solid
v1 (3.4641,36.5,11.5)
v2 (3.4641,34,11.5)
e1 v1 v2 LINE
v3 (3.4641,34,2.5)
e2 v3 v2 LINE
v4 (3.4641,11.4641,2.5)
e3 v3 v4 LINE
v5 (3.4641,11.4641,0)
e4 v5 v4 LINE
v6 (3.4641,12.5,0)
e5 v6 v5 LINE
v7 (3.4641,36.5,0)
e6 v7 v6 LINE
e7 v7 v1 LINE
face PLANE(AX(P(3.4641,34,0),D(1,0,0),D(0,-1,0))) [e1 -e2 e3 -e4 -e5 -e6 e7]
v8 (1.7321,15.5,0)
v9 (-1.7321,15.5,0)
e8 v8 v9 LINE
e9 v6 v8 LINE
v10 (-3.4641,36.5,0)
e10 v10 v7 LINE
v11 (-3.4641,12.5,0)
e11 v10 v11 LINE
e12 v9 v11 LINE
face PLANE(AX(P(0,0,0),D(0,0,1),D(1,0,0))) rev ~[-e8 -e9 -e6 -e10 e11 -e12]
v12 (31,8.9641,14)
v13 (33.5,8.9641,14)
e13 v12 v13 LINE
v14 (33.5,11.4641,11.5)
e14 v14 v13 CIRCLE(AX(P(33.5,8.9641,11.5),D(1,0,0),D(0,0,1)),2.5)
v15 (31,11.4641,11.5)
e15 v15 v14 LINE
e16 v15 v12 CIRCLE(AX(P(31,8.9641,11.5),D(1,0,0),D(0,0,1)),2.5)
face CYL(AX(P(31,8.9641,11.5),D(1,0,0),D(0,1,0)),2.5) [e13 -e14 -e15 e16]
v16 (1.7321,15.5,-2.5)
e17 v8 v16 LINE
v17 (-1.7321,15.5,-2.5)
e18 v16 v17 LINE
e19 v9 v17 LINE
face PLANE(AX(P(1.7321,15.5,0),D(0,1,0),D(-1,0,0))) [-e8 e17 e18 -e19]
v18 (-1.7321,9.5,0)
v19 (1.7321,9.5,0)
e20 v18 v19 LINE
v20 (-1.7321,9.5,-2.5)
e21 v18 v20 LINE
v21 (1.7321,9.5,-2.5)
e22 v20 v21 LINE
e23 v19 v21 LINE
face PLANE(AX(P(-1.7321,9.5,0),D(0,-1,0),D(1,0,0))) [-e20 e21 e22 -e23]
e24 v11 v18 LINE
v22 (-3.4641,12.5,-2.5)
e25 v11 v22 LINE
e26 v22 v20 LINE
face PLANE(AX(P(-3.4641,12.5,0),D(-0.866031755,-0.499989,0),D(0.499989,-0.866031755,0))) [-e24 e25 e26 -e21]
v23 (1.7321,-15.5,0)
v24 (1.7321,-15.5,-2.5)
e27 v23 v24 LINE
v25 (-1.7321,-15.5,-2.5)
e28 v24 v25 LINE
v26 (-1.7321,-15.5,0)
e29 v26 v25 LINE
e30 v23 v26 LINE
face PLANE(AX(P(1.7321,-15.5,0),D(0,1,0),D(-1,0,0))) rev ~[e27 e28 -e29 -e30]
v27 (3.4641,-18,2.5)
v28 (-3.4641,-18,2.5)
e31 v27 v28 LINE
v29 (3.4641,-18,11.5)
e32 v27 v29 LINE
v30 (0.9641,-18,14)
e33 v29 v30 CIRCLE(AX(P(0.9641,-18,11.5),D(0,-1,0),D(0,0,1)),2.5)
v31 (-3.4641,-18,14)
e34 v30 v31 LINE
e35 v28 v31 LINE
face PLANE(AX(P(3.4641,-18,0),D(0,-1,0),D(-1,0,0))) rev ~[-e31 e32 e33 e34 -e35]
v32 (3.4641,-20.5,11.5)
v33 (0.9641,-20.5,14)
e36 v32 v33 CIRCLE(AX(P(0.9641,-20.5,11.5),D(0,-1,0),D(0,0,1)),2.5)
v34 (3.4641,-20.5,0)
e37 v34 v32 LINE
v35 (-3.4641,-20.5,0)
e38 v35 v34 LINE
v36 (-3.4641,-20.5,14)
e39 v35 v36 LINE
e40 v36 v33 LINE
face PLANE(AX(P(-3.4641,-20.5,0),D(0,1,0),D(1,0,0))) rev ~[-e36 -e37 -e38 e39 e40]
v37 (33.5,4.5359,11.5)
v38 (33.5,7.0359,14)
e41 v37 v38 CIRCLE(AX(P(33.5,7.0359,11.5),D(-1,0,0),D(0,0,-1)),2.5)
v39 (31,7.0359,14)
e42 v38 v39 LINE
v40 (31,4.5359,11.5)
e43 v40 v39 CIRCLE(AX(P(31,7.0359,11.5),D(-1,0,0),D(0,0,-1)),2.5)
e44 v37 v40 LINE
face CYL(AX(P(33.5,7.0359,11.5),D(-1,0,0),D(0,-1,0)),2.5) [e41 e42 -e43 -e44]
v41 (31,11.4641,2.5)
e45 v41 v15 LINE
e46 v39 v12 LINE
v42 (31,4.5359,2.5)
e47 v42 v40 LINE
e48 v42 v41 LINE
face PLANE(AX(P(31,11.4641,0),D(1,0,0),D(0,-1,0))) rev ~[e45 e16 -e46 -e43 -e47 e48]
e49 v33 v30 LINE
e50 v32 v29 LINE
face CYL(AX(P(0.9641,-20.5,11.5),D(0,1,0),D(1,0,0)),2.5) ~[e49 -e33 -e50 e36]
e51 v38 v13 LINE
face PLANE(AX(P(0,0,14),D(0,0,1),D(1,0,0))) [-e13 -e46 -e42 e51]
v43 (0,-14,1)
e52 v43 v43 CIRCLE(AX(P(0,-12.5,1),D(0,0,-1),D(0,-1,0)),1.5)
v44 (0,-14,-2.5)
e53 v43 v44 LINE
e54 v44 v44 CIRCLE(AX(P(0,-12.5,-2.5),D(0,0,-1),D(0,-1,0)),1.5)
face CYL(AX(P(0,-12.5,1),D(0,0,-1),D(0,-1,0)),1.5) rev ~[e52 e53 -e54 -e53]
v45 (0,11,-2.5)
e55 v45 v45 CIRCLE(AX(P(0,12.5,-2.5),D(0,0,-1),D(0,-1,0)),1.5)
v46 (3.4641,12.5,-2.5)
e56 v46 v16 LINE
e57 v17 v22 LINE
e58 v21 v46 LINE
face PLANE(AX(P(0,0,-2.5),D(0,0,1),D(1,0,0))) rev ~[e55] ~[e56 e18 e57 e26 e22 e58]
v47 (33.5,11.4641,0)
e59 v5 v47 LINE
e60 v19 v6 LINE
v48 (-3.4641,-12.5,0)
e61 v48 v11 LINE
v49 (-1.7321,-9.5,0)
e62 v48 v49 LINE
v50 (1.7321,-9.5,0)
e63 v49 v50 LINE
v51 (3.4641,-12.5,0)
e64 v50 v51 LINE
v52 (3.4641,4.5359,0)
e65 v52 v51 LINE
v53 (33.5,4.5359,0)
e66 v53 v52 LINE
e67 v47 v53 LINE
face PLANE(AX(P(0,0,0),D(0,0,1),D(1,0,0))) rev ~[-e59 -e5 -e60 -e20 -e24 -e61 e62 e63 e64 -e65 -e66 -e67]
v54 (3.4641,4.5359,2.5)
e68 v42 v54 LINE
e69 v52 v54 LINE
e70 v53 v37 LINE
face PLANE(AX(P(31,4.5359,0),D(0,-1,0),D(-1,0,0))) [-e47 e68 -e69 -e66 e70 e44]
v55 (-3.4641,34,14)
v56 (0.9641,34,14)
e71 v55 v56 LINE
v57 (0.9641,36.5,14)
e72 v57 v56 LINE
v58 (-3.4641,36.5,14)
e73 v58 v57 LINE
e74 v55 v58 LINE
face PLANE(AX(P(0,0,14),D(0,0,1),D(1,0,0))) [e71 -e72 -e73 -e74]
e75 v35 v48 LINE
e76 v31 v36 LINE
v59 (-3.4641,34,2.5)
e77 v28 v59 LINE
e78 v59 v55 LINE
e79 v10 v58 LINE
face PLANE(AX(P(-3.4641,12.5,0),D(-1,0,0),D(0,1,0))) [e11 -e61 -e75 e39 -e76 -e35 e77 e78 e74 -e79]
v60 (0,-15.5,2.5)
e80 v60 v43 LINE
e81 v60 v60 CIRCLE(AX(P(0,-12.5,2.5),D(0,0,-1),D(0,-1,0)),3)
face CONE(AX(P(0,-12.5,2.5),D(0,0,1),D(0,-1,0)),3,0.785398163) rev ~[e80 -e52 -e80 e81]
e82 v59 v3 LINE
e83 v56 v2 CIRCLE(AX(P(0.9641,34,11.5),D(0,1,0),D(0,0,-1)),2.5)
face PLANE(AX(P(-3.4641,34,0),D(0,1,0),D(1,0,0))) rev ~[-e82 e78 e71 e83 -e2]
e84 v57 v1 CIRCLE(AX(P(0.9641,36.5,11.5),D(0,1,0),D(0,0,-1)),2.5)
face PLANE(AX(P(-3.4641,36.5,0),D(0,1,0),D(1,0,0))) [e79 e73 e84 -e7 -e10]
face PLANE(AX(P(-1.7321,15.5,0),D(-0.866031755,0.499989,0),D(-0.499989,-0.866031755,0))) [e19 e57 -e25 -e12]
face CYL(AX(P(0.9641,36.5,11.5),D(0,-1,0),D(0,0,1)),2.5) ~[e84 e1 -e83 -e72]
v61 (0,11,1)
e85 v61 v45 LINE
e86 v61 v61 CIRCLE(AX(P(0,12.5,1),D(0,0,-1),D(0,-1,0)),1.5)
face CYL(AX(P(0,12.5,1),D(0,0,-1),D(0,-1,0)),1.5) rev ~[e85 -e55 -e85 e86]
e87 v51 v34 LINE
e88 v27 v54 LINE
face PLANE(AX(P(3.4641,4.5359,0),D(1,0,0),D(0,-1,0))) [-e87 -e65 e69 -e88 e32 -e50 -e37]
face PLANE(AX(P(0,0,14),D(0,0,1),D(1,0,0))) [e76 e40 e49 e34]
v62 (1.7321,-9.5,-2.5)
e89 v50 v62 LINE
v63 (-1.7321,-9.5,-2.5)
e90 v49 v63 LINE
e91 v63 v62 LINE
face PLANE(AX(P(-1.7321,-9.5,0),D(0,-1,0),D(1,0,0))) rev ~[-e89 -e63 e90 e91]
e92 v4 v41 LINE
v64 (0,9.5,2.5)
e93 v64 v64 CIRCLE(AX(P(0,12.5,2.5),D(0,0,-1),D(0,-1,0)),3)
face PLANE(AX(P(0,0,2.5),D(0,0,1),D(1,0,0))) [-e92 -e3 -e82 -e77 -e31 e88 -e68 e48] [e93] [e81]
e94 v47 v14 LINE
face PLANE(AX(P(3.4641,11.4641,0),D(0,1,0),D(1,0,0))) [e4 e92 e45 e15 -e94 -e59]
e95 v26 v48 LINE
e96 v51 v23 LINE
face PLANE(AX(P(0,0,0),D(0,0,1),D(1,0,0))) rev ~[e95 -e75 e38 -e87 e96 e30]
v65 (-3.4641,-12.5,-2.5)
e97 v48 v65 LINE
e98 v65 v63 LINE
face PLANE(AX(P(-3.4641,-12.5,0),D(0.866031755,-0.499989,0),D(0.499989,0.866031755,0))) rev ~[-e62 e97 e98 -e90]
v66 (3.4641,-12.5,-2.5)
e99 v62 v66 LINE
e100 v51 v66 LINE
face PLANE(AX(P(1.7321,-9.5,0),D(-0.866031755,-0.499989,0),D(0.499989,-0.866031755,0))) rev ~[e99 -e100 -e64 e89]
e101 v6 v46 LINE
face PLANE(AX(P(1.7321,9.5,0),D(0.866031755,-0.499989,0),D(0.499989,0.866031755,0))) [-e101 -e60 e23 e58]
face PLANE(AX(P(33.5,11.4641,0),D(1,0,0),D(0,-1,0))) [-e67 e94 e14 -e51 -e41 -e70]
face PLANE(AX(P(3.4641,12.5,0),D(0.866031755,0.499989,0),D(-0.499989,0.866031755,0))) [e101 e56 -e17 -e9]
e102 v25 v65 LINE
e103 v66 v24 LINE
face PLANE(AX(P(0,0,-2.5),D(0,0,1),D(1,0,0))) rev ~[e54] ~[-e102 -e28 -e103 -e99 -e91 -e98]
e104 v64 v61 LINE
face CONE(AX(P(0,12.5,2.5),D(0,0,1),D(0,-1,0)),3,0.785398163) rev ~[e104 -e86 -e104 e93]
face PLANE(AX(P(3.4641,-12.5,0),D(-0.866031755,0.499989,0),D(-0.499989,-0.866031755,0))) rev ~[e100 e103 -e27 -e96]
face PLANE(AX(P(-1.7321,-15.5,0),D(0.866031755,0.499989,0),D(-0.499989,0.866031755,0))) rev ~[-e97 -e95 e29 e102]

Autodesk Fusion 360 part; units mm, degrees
sketch "スケッチ1" plane through (0, 0, 0) normal (0, 0, 1) x (1, 0, 0) in component "Component"
  line L0 (-3.4641, 12.5) -> (-1.7321, 9.5)
  line L1 (-1.7321, 9.5) -> (1.7321, 9.5)
  line L2 (1.7321, 9.5) -> (3.4641, 12.5)
  line L3 (3.4641, 12.5) -> (1.7321, 15.5)
  line L4 (1.7321, 15.5) -> (-1.7321, 15.5)
  line L5 (-1.7321, 15.5) -> (-3.4641, 12.5)
  line L6 (0, 150) -> (0, -150) construction
  line L7 (-100, 0) -> (234.7346, 0) construction
  line L8 (-3.4641, -12.5) -> (-1.7321, -9.5)
  line L9 (-1.7321, -9.5) -> (1.7321, -9.5)
  line L10 (3.4641, -12.5) -> (1.7321, -15.5)
  line L11 (-1.7321, -15.5) -> (-3.4641, -12.5)
  line L12 (1.7321, -9.5) -> (3.4641, -12.5)
  line L13 (1.7321, -15.5) -> (-1.7321, -15.5)
  line L14 (-31, 8) -> (50, 8)
  line L15 (-3.4641, 12.5) -> (-3.4641, 34)
  line L16 (-3.4641, 34) -> (3.4641, 34)
  line L17 (3.4641, 34) -> (3.4641, -18)
  line L18 (3.4641, -18) -> (-3.4641, -18)
  line L19 (-3.4641, -18) -> (-3.4641, 12.5)
  line L20 (-3.4641, 34) -> (-3.4641, 36.5)
  line L21 (-3.4641, 36.5) -> (3.4641, 36.5)
  line L22 (3.4641, 36.5) -> (3.4641, 34)
  line L23 (-3.4641, -18) -> (-3.4641, -20.5)
  line L24 (-3.4641, -20.5) -> (3.4641, -20.5)
  line L25 (3.4641, -20.5) -> (3.4641, -18)
  line L26 (3.4641, 11.4641) -> (31, 11.4641)
  line L27 (31, 11.4641) -> (31, 4.5359)
  line L28 (31, 4.5359) -> (3.4641, 4.5359)
  line L29 (31, 11.4641) -> (33.5, 11.4641)
  line L30 (33.5, 11.4641) -> (33.5, 4.5359)
  line L31 (33.5, 4.5359) -> (31, 4.5359)
  point P0 (0, 12.5)
  point P1 (0, -12.5)
  dimension "d1" = 6
  dimension "d2" = 25
  dimension "d3" = 8
  dimension "d4" = 52
  dimension "d5" = 2.5
  dimension "d6" = 2.5
  dimension "d7" = 31
extrude "押し出し1" add sketch "スケッチ1" against normal blind 2.5 contours L0 L1 L2 L3 L4 L5 | L8 L9 L10 L11 L12 L13 makes body 1 at (-0.5774, 11.5, 0) makes body 2 at (-0.5774, -11.5, 0) in component "Component"
extrude "押し出し2" add sketch "スケッチ1" along normal blind 2.5 contours L0 L1 L2 L3 L4 L5 | L3 L4 L5 L15 L16 L17 | L0 L1 L2 L14 L17 L19 | L8 L9 L12 L14 L17 L19 | L14 L17 L26 L27 | L14 L17 L27 L28 | L8 L9 L10 L11 L12 L13 | L10 L11 L13 L17 L18 L19 bodies 1 2 in component "Component"
extrude "押し出し3" add sketch "スケッチ1" along normal blind 14 contours L16 L20 L21 L22 | L14 L27 L29 L30 | L14 L27 L30 L31 | L18 L23 L24 L25 bodies 1 in component "Component"
sketch "スケッチ2" plane through (0, 0, 2.5) normal (0, 0, 1) x (-1, 0, 0) in component "Component"
  line L0 (-31, -4.5359) -> (-31, -11.4641)
  line L1 (-31, -11.4641) -> (-3.4641, -11.4641)
  line L2 (-3.4641, -11.4641) -> (-3.4641, -34)
  line L3 (-3.4641, -34) -> (3.4641, -34)
  line L4 (3.4641, -34) -> (3.4641, 18)
  line L5 (3.4641, 18) -> (-3.4641, 18)
  line L6 (-3.4641, 18) -> (-3.4641, -4.5359)
  line L7 (-3.4641, -4.5359) -> (-31, -4.5359)
  circle A0 centre (0, -12.5) radius 1.5
  circle A1 centre (0, 12.5) radius 1.5
  point P0 (0, -12.5)
  point P1 (0, 12.5)
  dimension "d14" = 3
hole "穴1" at (0, 12.5, 2.5) at (0, -12.5, 2.5) direction (0, 0, -1) diameter 3 depth 10 tip angle 118 countersink diameter 6 countersink angle 90 bodies 1 in component "Component"
fillet "フィレット1" radius 2.5 4 edges at (3.4641, 35.25, 14) (3.4641, -19.25, 14) (32.25, 4.5359, 14) (32.25, 11.4641, 14) on bodies 1 in component "Component"
component "Component" placed x (1, 0, 0) y (0, 1, 0) z (0, 0, 1) at (0, 0, 0)
